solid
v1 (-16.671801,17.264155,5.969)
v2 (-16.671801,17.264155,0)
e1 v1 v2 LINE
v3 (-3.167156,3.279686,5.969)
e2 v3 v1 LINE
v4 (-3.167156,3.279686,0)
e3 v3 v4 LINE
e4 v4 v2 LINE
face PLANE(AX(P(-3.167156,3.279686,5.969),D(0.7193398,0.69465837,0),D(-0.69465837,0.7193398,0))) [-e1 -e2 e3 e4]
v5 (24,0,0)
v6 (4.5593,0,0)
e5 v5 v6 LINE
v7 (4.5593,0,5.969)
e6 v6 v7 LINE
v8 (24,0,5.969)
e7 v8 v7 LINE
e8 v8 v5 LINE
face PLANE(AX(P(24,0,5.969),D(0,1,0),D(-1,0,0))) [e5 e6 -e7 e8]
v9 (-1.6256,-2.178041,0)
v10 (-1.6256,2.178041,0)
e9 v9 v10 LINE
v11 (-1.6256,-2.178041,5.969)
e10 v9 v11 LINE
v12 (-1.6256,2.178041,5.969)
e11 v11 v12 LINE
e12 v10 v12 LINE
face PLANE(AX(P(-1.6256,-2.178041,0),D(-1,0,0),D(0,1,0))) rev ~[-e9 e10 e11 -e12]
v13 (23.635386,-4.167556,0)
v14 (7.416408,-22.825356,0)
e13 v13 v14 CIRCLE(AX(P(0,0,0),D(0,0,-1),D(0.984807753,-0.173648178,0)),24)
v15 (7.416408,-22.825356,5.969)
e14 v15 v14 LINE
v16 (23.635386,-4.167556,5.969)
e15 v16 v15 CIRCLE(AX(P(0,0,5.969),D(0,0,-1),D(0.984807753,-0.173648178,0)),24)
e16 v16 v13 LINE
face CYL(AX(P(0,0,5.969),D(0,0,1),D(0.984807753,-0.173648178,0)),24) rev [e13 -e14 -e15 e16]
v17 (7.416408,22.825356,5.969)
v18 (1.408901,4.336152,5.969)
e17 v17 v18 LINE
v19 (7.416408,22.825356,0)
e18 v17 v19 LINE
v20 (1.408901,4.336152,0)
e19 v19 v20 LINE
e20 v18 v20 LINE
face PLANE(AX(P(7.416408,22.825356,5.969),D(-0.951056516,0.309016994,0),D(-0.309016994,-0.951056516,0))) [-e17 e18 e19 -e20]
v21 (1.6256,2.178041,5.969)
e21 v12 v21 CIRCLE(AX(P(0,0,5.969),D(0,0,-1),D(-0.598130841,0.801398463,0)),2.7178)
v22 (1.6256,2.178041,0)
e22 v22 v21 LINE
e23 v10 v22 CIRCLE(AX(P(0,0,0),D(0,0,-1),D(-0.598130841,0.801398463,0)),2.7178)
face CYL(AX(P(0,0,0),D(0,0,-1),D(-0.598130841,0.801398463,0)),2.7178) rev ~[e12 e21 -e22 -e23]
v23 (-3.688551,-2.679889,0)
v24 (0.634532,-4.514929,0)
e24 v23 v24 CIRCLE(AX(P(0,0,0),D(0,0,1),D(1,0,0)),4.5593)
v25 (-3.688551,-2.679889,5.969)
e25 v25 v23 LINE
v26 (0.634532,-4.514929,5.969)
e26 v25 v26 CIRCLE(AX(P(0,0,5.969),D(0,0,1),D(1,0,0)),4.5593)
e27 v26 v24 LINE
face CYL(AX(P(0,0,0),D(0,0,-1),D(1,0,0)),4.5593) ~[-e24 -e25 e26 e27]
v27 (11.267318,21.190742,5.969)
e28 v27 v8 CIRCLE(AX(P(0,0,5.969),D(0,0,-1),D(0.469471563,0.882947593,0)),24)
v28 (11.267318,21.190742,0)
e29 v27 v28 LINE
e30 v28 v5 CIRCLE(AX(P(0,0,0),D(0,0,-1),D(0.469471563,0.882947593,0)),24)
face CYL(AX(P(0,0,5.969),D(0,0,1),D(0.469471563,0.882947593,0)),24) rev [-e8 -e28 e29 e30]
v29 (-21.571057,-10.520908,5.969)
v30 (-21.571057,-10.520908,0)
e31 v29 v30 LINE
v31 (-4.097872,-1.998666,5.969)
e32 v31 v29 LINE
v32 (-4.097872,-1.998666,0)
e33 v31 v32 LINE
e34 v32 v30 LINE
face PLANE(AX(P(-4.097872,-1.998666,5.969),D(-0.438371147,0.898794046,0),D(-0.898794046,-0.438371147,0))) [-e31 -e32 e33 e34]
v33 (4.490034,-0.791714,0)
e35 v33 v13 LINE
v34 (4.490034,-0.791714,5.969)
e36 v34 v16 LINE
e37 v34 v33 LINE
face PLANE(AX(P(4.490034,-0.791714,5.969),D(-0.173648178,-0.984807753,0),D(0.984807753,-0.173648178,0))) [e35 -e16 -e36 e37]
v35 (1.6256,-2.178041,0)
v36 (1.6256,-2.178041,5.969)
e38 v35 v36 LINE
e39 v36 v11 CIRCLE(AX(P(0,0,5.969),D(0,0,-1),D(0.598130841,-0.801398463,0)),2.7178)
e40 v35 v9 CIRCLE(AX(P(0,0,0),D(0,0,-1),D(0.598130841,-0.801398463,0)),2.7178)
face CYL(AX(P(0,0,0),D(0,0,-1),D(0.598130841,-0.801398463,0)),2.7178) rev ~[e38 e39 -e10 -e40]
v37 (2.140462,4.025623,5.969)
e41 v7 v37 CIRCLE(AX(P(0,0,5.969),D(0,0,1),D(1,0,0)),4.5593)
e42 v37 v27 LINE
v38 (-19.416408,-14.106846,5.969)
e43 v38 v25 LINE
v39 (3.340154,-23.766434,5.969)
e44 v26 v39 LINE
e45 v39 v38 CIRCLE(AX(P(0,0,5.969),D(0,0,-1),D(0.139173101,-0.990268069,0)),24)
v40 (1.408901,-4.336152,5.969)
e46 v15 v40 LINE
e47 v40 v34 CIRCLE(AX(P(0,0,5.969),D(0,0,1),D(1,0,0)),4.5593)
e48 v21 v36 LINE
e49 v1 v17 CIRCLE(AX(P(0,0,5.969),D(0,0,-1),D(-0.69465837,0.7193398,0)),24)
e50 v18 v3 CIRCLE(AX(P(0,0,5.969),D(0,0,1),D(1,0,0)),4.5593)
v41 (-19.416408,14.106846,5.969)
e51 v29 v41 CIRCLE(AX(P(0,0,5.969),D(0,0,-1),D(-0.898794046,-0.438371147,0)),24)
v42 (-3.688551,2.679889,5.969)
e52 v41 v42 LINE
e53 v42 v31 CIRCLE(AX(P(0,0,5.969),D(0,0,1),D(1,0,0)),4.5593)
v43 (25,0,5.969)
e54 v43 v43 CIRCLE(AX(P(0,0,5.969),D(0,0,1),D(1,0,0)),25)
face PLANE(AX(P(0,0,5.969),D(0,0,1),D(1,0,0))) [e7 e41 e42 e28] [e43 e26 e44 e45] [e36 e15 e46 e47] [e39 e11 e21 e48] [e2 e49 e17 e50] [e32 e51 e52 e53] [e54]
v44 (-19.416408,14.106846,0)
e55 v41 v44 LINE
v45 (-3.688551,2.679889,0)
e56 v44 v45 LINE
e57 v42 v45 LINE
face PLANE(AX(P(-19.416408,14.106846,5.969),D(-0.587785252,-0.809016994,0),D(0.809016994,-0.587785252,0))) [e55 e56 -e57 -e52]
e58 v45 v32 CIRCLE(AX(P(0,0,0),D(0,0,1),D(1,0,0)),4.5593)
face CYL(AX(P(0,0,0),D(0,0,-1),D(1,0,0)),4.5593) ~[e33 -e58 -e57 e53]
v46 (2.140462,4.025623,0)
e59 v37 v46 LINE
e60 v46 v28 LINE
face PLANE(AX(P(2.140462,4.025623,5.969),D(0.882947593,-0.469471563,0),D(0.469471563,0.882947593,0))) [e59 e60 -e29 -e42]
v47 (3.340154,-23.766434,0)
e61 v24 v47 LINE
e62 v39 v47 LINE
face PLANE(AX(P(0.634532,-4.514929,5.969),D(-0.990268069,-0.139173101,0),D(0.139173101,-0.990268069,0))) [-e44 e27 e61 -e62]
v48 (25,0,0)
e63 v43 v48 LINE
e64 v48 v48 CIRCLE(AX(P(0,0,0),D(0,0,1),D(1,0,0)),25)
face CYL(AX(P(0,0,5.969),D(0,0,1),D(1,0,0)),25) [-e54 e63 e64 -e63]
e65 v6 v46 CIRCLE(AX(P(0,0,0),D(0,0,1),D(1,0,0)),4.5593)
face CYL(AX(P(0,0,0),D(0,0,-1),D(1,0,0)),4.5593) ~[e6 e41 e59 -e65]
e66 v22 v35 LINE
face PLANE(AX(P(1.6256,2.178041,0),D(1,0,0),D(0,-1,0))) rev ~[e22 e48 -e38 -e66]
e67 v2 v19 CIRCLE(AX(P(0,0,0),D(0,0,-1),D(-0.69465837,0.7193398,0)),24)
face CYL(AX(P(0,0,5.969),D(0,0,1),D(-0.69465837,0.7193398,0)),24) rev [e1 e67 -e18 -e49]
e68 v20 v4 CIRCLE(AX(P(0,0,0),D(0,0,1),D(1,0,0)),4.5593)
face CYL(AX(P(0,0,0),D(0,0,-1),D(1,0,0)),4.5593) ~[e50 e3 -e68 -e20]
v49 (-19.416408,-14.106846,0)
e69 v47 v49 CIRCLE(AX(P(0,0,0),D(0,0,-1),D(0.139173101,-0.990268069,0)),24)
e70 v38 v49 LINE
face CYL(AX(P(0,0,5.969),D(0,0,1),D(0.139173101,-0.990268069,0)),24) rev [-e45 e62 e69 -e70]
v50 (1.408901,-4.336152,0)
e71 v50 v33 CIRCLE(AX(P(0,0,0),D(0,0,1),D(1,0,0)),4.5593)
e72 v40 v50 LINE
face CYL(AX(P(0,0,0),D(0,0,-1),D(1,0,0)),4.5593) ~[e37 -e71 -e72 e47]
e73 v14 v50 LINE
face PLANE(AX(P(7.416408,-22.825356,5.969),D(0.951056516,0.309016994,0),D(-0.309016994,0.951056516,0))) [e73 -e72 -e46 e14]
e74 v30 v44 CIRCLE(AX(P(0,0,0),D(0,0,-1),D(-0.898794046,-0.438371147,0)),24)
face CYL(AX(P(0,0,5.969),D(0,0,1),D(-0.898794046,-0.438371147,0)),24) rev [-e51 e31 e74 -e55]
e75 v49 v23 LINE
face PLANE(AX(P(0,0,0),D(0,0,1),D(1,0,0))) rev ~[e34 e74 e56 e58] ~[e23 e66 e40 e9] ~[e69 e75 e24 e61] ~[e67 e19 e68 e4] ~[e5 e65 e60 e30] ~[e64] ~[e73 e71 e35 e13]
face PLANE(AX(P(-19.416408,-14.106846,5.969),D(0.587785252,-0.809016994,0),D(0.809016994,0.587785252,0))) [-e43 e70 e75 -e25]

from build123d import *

# Parameters (mm, degrees)
F0_R     = 4.5593
F1_DEPTH = 5.969
F2_R     = 25
F3_DEPTH = 5.969


with BuildPart() as f1:
    # F0 (on Top) → F1 (new body)
    with BuildSketch(Plane.XY):
        Circle(F0_R)
        with BuildLine():
            Line((-1.6256, -2.1780407434), (-1.6256, 2.1780407434))
            ThreePointArc((-1.6256, 2.1780407434), (0, 2.7178), (1.6256, 2.1780407434))
            Line((1.6256, 2.1780407434), (1.6256, -2.1780407434))
            ThreePointArc((1.6256, -2.1780407434), (0, -2.7178), (-1.6256, -2.1780407434))
        make_face(mode=Mode.SUBTRACT)
    extrude(amount=F1_DEPTH)

    # F2 (on face) → F3 (join, through all)
    with BuildSketch(Plane.XY.offset(5.969)):
        Circle(F2_R)
        with BuildLine():
            ThreePointArc((4.5593, 0), (4.541950487, -0.3973691779), (4.4900339883, -0.7917141364))
            Line((4.4900339883, -0.7917141364), (23.6353860723, -4.167556264))
            ThreePointArc((23.6353860723, -4.167556264), (18.1130299253, -15.7454166958), (7.416407865, -22.8253563911))
            Line((7.416407865, -22.8253563911), (1.4089011825, -4.3361519747))
            ThreePointArc((1.4089011825, -4.3361519747), (1.0256193421, -4.4424454364), (0.6345319192, -4.5149292058))
            Line((0.6345319192, -4.5149292058), (3.340154423, -23.7664336498))
            ThreePointArc((3.340154423, -23.7664336498), (-9.3775470837, -22.0921164829), (-19.416407865, -14.106846055))
            Line((-19.416407865, -14.106846055), (-3.6885511825, -2.6798893008))
            ThreePointArc((-3.6885511825, -2.6798893008), (-3.9080828741, -2.3482130949), (-4.0978716953, -1.9986655696))
            Line((-4.0978716953, -1.9986655696), (-21.5710571112, -10.5209075229))
            ThreePointArc((-21.5710571112, -10.5209075229), (-23.9086727542, 2.0917378259), (-19.416407865, 14.106846055))
            Line((-19.416407865, 14.106846055), (-3.6885511825, 2.6798893008))
            ThreePointArc((-3.6885511825, 2.6798893008), (-3.4409473891, 2.9911699309), (-3.1671559084, 3.2796859517))
            Line((-3.1671559084, 3.2796859517), (-16.671800891, 17.2641552081))
            ThreePointArc((-16.671800891, 17.2641552081), (-5.3988253043, 23.3848815548), (7.416407865, 22.8253563911))
            Line((7.416407865, 22.8253563911), (1.4089011825, 4.3361519747))
            ThreePointArc((1.4089011825, 4.3361519747), (1.7814604341, 4.1968577783), (2.1404616962, 4.0256229601))
            Line((2.1404616962, 4.0256229601), (11.2673175069, 21.1907422286))
            ThreePointArc((11.2673175069, 21.1907422286), (20.5720152169, 12.3609137978), (24, 0))
            Line((24, 0), (4.5593, 0))
        make_face(mode=Mode.SUBTRACT)
    extrude(amount=-F3_DEPTH)


solid = f1.part
